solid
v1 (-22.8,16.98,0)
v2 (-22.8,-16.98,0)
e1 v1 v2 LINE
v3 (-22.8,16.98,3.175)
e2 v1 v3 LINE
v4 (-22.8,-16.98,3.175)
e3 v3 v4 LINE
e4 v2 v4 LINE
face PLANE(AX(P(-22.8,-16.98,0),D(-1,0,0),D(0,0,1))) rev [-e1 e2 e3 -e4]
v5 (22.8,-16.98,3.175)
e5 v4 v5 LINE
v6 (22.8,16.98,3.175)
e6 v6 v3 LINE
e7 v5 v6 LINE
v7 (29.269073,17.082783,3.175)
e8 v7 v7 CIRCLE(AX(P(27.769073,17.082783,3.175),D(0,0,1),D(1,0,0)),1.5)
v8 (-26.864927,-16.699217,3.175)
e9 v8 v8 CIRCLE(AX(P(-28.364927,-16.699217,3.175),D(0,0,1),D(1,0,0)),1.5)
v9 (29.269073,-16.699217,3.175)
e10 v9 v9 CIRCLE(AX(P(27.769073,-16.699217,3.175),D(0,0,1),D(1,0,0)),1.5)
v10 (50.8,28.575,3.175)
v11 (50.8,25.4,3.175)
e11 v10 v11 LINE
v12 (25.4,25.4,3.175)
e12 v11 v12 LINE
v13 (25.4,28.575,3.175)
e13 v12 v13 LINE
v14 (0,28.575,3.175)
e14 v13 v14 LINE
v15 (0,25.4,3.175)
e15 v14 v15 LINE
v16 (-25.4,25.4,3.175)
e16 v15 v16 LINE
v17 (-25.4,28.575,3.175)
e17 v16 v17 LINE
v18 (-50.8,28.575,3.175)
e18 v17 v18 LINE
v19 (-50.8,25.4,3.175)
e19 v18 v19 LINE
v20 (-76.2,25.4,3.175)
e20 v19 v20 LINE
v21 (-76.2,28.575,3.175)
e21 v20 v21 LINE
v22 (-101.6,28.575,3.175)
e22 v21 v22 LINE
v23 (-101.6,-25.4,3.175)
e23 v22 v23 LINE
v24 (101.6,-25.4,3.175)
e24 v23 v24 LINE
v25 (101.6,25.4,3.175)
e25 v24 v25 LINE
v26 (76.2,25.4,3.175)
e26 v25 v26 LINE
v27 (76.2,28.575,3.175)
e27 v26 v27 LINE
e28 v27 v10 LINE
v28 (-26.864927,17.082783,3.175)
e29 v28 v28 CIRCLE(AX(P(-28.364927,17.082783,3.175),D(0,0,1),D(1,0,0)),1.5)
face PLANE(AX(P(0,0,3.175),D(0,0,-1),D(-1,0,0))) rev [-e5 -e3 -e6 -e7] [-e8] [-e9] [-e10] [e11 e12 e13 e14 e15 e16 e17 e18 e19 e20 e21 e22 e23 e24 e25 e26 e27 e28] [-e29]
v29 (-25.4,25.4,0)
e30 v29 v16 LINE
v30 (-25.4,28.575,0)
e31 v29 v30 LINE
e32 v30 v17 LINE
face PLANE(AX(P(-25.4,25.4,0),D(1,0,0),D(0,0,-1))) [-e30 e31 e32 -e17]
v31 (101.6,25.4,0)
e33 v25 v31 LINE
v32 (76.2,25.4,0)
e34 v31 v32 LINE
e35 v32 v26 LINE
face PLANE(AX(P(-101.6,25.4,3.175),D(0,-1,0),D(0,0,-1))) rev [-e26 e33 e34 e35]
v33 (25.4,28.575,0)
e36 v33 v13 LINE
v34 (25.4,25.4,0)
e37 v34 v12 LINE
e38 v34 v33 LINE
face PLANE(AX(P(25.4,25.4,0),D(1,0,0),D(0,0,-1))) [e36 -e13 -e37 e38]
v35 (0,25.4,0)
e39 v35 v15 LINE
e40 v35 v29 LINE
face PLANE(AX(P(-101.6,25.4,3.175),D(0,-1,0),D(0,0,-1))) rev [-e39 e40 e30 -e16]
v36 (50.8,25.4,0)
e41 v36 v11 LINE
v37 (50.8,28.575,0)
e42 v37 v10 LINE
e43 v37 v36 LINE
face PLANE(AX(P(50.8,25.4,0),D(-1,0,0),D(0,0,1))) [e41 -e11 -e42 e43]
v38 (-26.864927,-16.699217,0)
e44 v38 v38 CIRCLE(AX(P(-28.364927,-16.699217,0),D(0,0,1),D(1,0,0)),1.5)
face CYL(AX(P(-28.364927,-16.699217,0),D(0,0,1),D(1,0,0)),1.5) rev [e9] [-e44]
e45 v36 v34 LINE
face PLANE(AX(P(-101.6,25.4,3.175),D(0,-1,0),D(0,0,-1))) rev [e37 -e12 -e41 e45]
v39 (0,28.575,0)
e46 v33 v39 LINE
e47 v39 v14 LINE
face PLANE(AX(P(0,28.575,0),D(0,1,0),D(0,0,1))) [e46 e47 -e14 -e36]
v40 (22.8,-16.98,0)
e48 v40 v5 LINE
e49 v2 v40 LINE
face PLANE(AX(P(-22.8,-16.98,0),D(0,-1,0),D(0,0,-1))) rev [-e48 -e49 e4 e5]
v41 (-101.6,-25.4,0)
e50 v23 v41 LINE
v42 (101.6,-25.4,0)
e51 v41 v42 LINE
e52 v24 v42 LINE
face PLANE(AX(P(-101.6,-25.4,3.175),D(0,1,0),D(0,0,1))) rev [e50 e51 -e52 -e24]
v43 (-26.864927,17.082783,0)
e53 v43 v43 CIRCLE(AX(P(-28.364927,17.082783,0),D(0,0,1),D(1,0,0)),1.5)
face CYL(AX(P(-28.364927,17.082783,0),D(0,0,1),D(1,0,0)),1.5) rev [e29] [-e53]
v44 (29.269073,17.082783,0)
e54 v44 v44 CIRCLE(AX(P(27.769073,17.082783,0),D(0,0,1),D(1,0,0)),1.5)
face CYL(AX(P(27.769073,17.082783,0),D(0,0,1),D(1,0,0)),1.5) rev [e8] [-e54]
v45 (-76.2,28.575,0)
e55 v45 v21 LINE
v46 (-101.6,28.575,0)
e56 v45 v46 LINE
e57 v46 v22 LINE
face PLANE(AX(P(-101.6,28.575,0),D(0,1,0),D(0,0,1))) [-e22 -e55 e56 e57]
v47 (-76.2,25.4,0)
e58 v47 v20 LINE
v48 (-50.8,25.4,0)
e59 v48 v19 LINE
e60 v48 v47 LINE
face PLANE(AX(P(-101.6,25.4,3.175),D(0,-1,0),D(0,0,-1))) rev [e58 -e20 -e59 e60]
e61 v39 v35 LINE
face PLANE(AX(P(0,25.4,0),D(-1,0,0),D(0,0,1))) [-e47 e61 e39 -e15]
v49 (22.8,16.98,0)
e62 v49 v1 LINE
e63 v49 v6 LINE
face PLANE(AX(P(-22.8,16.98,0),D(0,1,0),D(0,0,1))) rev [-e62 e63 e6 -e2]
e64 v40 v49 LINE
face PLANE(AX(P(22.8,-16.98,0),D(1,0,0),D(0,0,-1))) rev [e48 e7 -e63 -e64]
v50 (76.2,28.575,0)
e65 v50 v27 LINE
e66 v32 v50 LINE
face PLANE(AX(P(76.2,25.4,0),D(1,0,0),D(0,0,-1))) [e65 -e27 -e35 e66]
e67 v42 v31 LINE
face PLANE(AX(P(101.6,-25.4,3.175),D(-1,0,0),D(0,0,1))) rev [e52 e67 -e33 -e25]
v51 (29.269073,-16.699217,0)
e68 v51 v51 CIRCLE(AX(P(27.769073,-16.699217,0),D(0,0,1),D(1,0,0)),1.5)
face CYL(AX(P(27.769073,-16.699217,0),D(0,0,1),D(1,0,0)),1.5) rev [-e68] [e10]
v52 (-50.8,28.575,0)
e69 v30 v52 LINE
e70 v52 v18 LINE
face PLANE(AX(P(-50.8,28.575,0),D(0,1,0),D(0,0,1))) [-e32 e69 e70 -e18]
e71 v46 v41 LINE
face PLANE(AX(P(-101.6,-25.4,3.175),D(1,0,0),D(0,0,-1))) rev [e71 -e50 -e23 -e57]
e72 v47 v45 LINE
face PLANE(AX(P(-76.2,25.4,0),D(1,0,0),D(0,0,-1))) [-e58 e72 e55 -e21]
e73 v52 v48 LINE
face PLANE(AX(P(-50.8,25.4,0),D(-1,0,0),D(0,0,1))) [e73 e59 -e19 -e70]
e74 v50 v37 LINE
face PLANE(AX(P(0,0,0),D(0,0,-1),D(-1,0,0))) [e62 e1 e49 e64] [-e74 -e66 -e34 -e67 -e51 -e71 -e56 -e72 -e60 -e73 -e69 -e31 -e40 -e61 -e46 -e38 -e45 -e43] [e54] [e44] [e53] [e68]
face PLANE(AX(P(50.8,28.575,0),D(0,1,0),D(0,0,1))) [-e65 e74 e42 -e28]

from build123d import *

# Parameters (mm, degrees)
SKETCH1_W           = 203.2
SKETCH1_H           = 50.8
BOSS_EXTRUDE1_DEPTH = 3.175
SKETCH2_R           = 1.5
SKETCH2_W           = 45.6
SKETCH2_H           = 33.96
CUT_EXTRUDE1_DEPTH  = 3.175
SKETCH3_W           = 25.4
SKETCH3_H           = 3.175
BOSS_EXTRUDE2_DEPTH = 3.175


with BuildPart() as part:
    # Sketch1 → Boss-Extrude1 (new body)
    with BuildSketch(Plane.XY):
        Rectangle(SKETCH1_W, SKETCH1_H)
    extrude(amount=BOSS_EXTRUDE1_DEPTH)

    # Sketch2 → Cut-Extrude1 (cut)
    with BuildSketch(Plane.XY.offset(3.175)):
        with Locations((27.769072573, 17.082783056)):
            Circle(SKETCH2_R)
        with Locations((-28.364927427, 17.082783056)):
            Circle(SKETCH2_R)
        with Locations((-28.364927427, -16.699216944)):
            Circle(SKETCH2_R)
        with Locations((27.769072573, -16.699216944)):
            Circle(SKETCH2_R)
        Rectangle(SKETCH2_W, SKETCH2_H)
    extrude(amount=-CUT_EXTRUDE1_DEPTH, mode=Mode.SUBTRACT)

    # Sketch3 → Boss-Extrude2 (add)
    with BuildSketch(Plane.XY.offset(3.175)):
        with Locations((-38.1, 26.9875)):
            Rectangle(SKETCH3_W, SKETCH3_H)
        with Locations((-88.9, 26.9875)):
            Rectangle(SKETCH3_W, SKETCH3_H)
        with Locations((12.7, 26.9875)):
            Rectangle(SKETCH3_W, SKETCH3_H)
        with Locations((63.5, 26.9875)):
            Rectangle(SKETCH3_W, SKETCH3_H)
    extrude(amount=-BOSS_EXTRUDE2_DEPTH)


solid = part.part
